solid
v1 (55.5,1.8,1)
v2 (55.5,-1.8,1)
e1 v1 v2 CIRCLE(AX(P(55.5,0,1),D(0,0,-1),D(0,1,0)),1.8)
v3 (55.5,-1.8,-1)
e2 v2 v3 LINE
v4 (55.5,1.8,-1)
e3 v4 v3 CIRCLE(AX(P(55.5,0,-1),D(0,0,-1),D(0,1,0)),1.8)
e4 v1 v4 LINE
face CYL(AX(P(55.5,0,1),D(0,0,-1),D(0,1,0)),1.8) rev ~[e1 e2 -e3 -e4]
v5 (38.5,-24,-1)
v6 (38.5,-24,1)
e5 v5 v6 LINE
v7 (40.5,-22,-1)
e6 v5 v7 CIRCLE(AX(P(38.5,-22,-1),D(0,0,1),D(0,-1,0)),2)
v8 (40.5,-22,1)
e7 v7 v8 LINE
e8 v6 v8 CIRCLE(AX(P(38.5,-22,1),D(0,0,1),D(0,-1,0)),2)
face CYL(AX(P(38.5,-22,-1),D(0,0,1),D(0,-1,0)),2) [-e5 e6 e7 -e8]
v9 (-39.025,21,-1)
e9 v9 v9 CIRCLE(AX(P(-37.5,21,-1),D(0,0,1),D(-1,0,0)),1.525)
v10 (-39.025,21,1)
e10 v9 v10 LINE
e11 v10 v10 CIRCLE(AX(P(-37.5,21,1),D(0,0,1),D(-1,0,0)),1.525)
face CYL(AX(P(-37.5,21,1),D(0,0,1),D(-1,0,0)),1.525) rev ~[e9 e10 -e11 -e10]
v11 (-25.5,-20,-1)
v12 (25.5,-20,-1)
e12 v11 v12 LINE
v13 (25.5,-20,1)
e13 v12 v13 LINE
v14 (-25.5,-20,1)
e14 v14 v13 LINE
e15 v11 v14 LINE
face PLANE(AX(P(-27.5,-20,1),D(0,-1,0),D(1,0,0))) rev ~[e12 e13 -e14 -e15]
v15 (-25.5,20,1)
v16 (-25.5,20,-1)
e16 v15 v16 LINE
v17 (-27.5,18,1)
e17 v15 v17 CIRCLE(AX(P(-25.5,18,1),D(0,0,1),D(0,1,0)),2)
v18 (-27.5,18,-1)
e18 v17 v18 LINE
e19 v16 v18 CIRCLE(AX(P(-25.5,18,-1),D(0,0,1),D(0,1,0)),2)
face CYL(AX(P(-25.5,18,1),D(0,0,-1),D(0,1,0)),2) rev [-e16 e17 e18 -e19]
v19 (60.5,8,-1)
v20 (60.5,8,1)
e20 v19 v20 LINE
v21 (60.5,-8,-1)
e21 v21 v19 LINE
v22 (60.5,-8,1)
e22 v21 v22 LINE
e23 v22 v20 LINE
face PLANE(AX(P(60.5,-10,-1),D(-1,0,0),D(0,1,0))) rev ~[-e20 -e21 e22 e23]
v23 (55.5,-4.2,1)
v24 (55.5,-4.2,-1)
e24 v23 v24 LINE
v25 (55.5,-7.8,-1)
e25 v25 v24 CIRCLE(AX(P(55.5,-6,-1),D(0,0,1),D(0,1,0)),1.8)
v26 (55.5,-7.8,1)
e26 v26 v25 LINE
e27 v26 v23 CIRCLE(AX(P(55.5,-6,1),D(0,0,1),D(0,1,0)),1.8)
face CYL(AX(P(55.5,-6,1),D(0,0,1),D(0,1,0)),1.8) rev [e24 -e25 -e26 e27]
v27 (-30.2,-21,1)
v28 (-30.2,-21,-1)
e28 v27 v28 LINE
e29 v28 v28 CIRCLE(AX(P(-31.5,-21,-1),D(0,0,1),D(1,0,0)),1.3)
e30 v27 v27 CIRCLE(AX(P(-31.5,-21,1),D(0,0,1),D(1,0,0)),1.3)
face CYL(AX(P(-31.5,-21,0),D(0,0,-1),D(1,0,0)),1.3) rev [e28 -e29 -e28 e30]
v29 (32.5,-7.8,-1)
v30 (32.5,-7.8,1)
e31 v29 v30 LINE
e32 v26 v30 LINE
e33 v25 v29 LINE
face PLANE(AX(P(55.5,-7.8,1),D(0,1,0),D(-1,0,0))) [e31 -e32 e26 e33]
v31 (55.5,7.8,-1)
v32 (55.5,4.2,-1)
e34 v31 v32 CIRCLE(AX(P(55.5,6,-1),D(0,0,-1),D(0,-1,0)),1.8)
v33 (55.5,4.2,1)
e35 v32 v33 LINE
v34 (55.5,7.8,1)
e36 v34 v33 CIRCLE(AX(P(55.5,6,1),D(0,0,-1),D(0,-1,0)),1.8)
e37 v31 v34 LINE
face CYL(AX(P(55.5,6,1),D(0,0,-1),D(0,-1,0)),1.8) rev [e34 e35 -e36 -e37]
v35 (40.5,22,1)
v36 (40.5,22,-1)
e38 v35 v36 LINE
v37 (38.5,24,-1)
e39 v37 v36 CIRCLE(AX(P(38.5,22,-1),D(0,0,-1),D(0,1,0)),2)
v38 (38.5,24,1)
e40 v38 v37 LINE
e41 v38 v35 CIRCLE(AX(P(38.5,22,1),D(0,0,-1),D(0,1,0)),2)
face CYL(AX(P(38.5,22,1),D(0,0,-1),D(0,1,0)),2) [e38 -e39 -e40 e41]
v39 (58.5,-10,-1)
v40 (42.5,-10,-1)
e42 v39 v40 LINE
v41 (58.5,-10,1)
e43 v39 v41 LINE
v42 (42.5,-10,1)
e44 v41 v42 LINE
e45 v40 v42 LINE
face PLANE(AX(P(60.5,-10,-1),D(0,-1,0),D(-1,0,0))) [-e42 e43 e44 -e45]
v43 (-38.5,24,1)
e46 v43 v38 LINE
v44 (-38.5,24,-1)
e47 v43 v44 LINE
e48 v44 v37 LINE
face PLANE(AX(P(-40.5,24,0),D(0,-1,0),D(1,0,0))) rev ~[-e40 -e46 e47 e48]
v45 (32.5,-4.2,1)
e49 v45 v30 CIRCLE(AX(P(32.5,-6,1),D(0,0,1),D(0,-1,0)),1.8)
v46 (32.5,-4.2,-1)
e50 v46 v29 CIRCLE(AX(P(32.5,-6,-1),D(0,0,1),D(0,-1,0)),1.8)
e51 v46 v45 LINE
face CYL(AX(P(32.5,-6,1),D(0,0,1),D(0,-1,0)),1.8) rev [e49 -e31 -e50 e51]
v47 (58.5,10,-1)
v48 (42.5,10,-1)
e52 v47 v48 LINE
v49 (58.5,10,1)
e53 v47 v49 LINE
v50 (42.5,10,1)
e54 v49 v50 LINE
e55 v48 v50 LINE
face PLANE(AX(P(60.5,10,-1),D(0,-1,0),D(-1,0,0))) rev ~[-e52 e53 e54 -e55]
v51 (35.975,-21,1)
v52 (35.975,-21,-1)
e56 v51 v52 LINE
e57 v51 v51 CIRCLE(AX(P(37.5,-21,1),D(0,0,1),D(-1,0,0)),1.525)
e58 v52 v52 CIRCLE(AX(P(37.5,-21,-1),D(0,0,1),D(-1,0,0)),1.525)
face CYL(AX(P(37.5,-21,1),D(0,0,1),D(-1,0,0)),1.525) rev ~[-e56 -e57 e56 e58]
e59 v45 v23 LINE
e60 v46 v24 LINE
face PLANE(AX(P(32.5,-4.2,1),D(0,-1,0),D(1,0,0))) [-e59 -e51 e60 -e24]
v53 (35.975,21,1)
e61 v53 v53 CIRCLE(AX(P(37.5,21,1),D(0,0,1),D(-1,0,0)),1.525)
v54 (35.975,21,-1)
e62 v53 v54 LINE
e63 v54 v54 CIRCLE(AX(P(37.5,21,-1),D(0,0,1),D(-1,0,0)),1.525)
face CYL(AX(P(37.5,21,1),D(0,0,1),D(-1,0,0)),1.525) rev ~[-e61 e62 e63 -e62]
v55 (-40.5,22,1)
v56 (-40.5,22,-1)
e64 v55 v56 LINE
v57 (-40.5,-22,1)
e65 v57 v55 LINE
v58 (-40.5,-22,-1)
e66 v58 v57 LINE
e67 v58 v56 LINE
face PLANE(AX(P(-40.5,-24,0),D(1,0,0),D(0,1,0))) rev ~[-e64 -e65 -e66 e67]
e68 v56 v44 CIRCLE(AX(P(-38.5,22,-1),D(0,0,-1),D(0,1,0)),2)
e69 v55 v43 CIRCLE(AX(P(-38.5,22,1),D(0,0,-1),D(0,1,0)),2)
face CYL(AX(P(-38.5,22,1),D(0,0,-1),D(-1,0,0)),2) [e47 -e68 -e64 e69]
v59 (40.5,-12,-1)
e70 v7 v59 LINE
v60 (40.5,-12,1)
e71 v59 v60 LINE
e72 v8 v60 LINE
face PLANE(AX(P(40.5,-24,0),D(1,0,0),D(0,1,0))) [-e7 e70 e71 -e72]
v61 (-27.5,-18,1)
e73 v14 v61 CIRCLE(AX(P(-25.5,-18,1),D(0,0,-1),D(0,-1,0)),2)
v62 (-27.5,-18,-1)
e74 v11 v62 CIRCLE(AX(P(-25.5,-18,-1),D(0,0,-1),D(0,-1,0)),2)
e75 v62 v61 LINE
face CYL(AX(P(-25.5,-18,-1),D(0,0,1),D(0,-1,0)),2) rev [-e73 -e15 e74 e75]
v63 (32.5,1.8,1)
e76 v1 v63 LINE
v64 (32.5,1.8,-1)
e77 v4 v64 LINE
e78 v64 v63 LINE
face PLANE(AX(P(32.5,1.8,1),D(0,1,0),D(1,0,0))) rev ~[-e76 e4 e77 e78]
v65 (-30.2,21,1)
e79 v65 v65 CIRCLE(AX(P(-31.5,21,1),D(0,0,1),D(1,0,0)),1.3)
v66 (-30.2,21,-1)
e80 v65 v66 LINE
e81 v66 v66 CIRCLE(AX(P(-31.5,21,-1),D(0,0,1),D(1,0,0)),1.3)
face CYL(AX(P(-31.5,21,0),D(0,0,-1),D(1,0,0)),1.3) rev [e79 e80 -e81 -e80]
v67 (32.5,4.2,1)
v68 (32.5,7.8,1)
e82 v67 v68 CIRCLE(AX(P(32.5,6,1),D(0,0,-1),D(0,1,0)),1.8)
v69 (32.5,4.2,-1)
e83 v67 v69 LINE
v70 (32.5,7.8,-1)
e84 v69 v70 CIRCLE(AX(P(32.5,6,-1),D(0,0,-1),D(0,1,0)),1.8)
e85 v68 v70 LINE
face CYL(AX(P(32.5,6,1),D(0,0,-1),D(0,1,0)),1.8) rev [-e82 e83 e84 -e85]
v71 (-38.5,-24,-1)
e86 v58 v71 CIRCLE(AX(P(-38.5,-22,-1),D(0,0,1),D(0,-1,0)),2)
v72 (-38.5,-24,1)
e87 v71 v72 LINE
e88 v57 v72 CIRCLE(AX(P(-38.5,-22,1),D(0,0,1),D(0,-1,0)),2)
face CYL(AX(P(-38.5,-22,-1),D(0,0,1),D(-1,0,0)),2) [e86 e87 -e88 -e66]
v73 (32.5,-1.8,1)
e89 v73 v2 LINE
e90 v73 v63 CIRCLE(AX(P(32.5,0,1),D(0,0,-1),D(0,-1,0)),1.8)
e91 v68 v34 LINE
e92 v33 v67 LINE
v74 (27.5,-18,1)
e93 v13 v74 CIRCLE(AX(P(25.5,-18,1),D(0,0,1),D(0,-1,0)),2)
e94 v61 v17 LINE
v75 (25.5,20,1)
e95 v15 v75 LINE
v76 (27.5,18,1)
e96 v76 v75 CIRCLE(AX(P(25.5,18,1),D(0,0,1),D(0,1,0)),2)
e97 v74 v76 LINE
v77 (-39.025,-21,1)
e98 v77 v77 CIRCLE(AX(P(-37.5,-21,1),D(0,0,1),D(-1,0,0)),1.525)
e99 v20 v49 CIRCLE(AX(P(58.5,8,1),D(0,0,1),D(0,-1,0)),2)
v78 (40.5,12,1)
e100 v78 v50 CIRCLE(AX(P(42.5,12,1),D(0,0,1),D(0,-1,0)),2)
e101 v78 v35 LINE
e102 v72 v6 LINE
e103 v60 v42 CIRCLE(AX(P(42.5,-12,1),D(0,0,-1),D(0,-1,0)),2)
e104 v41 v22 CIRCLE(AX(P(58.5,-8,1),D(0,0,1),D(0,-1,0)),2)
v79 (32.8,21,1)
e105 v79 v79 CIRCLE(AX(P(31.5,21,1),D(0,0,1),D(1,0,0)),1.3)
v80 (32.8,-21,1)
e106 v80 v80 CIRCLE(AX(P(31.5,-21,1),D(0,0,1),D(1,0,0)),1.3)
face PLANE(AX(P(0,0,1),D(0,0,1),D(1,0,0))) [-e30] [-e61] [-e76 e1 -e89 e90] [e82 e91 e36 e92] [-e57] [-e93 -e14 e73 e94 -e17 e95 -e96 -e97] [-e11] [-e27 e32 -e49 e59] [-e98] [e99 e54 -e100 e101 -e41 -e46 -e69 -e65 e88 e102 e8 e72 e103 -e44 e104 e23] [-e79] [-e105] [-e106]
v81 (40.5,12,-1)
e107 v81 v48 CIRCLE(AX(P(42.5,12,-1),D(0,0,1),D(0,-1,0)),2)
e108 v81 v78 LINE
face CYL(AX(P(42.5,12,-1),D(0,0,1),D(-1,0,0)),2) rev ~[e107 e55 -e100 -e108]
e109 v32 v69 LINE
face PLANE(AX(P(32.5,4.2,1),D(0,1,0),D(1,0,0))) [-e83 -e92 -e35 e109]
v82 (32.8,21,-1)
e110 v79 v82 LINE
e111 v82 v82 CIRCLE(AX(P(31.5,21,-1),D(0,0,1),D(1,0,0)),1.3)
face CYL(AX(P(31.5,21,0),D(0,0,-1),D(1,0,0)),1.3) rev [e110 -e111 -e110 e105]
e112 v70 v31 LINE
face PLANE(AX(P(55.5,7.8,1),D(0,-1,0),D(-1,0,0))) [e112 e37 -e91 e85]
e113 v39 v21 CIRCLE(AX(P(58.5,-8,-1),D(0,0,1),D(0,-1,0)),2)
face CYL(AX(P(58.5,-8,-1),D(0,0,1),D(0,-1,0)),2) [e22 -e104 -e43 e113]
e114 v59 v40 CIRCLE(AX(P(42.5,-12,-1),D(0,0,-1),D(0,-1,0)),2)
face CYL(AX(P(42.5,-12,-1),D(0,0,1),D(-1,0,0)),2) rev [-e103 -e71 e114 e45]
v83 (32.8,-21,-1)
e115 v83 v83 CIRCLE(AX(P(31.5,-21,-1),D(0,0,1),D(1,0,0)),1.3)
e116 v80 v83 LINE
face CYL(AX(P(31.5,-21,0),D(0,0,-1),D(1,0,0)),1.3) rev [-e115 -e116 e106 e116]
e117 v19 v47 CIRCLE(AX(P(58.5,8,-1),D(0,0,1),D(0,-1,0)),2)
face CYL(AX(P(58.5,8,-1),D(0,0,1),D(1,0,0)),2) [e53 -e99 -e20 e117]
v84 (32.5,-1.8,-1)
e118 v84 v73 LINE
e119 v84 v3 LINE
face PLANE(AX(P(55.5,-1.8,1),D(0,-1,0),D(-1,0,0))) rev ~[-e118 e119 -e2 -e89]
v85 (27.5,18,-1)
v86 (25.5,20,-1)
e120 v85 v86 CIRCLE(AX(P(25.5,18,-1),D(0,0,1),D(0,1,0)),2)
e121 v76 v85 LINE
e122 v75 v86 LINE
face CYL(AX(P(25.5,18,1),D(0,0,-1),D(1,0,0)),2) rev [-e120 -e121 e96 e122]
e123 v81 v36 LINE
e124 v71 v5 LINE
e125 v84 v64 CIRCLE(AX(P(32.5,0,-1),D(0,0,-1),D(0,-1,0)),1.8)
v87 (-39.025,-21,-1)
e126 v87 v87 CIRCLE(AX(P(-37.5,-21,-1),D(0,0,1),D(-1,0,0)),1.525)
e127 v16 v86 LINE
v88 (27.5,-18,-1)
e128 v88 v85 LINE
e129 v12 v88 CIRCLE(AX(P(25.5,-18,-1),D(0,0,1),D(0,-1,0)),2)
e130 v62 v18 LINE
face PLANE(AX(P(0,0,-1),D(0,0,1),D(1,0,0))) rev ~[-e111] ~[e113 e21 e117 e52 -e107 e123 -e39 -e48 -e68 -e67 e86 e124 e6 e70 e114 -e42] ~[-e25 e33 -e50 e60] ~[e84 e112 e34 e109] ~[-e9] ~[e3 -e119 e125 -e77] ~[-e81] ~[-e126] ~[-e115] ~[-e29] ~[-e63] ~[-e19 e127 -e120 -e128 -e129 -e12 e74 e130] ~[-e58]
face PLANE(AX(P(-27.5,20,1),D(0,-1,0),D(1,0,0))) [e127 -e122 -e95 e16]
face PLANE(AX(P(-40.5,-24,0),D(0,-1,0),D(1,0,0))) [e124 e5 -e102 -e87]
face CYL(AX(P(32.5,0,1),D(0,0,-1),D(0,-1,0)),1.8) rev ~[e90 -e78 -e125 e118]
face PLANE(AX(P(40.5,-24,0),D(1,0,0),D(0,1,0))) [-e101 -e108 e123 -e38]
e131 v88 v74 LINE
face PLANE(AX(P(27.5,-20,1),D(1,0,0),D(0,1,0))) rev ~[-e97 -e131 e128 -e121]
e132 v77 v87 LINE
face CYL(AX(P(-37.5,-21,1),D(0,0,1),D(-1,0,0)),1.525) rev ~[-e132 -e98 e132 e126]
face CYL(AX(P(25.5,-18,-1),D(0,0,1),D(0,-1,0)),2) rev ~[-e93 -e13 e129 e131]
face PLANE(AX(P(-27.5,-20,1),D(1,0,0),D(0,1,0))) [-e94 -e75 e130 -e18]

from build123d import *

# Parameters (mm, degrees)
SKETCH_1_W          = 81
SKETCH_1_H          = 48
SKETCH_1_R          = 1.3
EXTRUDE_1_DEPTH     = 1
SKETCH_2_R          = 1.525
CUT_EXTRUDE_1_DEPTH = 16
SKETCH_3_W          = 55
SKETCH_3_H          = 40
CUT_EXTRUDE_2_DEPTH = 21
FILLET_1_R          = 2
SKETCH_4_W          = 20
SKETCH_4_H          = 20
EXTRUDE_2_DEPTH     = 2
FILLET_2_R          = 2
CUT_EXTRUDE_3_DEPTH = 11


with BuildPart() as part:
    # 草图1 → 凸台-拉伸1 (new, symmetric)
    with BuildSketch(Plane.XY):
        Rectangle(SKETCH_1_W, SKETCH_1_H)
        with Locations((31.5, -21)):
            Circle(SKETCH_1_R, mode=Mode.SUBTRACT)
        with Locations((-31.5, -21)):
            Circle(SKETCH_1_R, mode=Mode.SUBTRACT)
        with Locations((-31.5, 21)):
            Circle(SKETCH_1_R, mode=Mode.SUBTRACT)
        with Locations((31.5, 21)):
            Circle(SKETCH_1_R, mode=Mode.SUBTRACT)
    extrude(amount=EXTRUDE_1_DEPTH, both=True)

    # 草图2 → 切除-拉伸1 (cut, symmetric)
    with BuildSketch(Plane.XY.offset(1)):
        with Locations(Location((37.5, 21, 0), (0, 0, 180))):
            Circle(SKETCH_2_R)
        with Locations(Location((37.5, -21, 0), (0, 0, 180))):
            Circle(SKETCH_2_R)
        with Locations(Location((-37.5, -21, 0), (0, 0, 180))):
            Circle(SKETCH_2_R)
        with Locations(Location((-37.5, 21, 0), (0, 0, 180))):
            Circle(SKETCH_2_R)
    extrude(amount=CUT_EXTRUDE_1_DEPTH, both=True, mode=Mode.SUBTRACT)

    # 草图3 → 切除-拉伸2 (cut, symmetric)
    with BuildSketch(Plane.XY.offset(1)):
        Rectangle(SKETCH_3_W, SKETCH_3_H)
    extrude(amount=CUT_EXTRUDE_2_DEPTH, both=True, mode=Mode.SUBTRACT)

    # 圆角1
    fillet_1_edges = [part.edges().sort_by_distance(p)[0] for p in [
        (27.5, 20, 0),
        (27.5, -20, 0),
        (-27.5, -20, 0),
        (-27.5, 20, 0),
        (40.5, -24, 0),
        (-40.5, -24, 0),
        (-40.5, 24, 0),
        (40.5, 24, 0),
    ]]
    fillet(fillet_1_edges, radius=FILLET_1_R)

    # 草图4 → 凸台-拉伸2 (add)
    with BuildSketch(Plane(origin=(0, 0, -1), x_dir=(-1, 0, 0), z_dir=(0, 0, -1))):
        with Locations((-50.5, 0)):
            Rectangle(SKETCH_4_W, SKETCH_4_H)
    extrude(amount=-EXTRUDE_2_DEPTH)

    # 圆角2
    fillet_2_edges = [part.edges().sort_by_distance(p)[0] for p in [
        (40.5, 10, 0),
        (40.5, -10, 0),
        (60.5, -10, 0),
        (60.5, 10, 0),
    ]]
    fillet(fillet_2_edges, radius=FILLET_2_R)

    # 草图5 → 切除-拉伸3 (cut, symmetric)
    with BuildSketch(Plane.XY.offset(1)):
        with BuildLine():
            Line((32.5, 1.8), (55.5, 1.8))
            ThreePointArc((55.5, 1.8), (57.3, 0), (55.5, -1.8))
            Line((55.5, -1.8), (32.5, -1.8))
            ThreePointArc((32.5, -1.8), (30.7, 0), (32.5, 1.8))
        make_face()
        with BuildLine():
            Line((32.5, 4.2), (55.5, 4.2))
            ThreePointArc((55.5, 4.2), (57.3, 6), (55.5, 7.8))
            Line((55.5, 7.8), (32.5, 7.8))
            ThreePointArc((32.5, 7.8), (30.7, 6), (32.5, 4.2))
        make_face()
        with BuildLine():
            Line((32.5, -4.2), (55.5, -4.2))
            ThreePointArc((55.5, -4.2), (57.3, -6), (55.5, -7.8))
            Line((55.5, -7.8), (32.5, -7.8))
            ThreePointArc((32.5, -7.8), (30.7, -6), (32.5, -4.2))
        make_face()
    extrude(amount=CUT_EXTRUDE_3_DEPTH, both=True, mode=Mode.SUBTRACT)


solid = part.part
